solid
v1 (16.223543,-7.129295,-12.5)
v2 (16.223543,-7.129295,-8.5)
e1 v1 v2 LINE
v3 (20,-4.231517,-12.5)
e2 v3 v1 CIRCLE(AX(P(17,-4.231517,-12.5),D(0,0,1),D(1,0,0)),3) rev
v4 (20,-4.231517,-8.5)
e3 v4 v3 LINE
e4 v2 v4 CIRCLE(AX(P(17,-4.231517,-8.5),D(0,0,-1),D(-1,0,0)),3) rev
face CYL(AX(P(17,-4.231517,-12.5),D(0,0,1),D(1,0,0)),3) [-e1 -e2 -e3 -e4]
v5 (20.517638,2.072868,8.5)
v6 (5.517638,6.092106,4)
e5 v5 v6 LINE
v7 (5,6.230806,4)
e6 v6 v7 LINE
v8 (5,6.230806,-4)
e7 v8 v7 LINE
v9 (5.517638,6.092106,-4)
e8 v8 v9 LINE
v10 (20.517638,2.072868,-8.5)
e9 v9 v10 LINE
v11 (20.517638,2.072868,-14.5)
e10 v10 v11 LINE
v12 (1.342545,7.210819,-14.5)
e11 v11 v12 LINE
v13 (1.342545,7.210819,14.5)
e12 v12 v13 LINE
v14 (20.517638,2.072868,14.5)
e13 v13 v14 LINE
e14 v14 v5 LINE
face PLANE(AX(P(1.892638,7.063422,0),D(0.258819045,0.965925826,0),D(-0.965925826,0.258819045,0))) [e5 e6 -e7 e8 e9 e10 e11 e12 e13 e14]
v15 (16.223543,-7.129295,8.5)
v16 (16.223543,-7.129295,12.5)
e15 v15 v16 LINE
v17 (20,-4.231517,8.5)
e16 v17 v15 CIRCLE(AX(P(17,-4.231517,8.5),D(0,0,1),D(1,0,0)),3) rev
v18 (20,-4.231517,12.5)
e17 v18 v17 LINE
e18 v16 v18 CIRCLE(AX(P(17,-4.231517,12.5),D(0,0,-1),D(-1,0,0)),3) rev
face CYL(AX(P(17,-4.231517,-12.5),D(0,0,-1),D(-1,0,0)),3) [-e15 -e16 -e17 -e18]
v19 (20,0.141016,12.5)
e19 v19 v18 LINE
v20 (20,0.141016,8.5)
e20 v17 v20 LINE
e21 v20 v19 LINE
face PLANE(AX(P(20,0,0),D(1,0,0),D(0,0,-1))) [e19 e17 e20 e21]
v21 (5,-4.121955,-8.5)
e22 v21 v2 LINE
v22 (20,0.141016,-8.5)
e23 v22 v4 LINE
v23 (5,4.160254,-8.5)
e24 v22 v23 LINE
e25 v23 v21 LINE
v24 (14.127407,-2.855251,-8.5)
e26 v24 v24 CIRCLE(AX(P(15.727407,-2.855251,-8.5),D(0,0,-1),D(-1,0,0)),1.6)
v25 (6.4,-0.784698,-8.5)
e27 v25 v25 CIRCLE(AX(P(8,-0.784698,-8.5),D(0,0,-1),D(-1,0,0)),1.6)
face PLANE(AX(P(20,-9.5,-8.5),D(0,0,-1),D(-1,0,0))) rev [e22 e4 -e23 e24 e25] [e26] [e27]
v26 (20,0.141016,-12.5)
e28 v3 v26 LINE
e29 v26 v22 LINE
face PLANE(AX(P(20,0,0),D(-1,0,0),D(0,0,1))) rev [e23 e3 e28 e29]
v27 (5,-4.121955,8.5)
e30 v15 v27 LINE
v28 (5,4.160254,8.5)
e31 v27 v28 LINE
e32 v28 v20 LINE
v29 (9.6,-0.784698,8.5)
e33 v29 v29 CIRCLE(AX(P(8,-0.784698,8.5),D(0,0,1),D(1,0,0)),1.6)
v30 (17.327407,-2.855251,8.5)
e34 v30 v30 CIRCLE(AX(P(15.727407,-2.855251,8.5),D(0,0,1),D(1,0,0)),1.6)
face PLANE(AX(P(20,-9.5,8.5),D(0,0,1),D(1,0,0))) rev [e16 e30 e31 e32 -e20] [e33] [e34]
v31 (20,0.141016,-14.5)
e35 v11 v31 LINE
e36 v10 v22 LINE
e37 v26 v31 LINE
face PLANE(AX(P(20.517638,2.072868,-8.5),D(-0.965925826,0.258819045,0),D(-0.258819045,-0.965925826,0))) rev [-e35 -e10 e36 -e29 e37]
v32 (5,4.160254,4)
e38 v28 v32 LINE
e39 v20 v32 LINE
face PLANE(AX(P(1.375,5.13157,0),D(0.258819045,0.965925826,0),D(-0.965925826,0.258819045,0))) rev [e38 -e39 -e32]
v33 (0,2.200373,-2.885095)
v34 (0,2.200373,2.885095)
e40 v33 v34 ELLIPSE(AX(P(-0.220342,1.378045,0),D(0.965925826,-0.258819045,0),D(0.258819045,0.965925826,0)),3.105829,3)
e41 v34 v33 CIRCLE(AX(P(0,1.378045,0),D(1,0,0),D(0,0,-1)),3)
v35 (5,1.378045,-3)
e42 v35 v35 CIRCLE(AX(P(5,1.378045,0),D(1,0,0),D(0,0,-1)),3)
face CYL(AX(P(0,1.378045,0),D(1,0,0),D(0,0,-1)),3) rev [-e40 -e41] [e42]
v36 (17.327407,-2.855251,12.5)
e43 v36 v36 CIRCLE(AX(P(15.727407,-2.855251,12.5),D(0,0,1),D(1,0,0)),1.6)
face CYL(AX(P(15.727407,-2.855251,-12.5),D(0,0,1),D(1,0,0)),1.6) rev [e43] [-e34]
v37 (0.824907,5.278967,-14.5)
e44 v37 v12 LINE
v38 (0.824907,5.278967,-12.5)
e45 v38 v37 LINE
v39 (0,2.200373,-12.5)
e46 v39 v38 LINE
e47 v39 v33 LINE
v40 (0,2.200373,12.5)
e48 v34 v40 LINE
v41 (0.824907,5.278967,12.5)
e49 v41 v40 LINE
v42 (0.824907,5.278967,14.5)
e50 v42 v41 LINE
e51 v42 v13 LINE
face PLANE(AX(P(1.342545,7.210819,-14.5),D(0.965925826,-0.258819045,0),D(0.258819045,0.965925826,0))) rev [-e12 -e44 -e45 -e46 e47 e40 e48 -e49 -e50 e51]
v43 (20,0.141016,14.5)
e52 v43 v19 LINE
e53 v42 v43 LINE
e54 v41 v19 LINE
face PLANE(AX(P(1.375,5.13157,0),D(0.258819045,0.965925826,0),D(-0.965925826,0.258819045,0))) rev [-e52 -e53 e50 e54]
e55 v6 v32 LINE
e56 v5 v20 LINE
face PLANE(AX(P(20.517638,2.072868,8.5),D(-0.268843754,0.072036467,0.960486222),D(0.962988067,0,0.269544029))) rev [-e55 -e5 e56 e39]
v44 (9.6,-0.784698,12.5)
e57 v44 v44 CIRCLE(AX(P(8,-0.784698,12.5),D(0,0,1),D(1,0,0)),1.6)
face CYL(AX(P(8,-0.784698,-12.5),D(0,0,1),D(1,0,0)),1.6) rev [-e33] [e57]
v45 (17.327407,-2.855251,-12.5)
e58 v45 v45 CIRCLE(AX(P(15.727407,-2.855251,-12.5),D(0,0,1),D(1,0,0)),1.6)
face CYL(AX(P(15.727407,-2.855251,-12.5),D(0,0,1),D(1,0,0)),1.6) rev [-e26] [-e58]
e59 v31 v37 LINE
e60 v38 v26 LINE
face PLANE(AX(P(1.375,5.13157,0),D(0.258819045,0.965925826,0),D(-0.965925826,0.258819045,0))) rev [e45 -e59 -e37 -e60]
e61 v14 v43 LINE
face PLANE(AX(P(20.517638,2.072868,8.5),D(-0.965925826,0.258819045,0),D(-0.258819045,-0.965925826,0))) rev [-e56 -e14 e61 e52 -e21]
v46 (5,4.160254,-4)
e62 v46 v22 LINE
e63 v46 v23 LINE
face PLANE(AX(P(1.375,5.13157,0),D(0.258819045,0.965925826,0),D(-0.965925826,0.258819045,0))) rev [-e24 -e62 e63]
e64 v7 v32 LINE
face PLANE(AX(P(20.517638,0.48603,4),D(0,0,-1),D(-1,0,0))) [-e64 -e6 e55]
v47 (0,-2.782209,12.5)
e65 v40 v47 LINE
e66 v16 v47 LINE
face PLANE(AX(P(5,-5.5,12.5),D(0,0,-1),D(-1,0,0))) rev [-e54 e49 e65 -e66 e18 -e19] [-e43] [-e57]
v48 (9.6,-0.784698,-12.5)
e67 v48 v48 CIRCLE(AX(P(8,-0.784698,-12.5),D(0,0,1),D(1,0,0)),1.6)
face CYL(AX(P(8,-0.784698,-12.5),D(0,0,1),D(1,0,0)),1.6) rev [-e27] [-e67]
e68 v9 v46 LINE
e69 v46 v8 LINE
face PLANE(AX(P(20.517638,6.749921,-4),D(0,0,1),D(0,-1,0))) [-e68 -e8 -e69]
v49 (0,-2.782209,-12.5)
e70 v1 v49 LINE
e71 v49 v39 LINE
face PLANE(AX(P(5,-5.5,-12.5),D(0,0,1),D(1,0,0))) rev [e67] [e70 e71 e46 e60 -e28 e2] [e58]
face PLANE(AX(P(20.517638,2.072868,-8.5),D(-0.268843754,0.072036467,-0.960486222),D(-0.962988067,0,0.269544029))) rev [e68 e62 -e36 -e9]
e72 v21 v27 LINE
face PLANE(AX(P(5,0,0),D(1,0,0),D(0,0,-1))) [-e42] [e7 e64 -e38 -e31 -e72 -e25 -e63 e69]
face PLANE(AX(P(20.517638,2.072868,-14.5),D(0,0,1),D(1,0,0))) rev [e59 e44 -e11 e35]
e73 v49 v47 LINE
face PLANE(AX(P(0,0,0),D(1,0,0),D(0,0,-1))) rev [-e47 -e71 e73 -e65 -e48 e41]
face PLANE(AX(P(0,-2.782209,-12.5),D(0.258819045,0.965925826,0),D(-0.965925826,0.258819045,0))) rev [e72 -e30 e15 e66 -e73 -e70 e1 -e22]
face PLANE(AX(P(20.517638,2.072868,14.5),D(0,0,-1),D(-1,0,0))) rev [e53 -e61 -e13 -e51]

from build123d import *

# Parameters (mm, degrees)
SKETCH_1_W          = 25
SKETCH_1_H          = 11
EXTRUDE_1_DEPTH     = 5
SKETCH_2_W          = 4
SKETCH_2_H          = 15
EXTRUDE_2_DEPTH     = 15
SKETCH_4_R          = 1.6
CUT_EXTRUDE_1_DEPTH = 34.395358959
EXTRUDE_3_DEPTH     = 2
CUT_EXTRUDE_2_DEPTH = 37.4451986
SKETCH_8_R          = 3
CUT_EXTRUDE_3_DEPTH = 23.744804244
SKETCH_9_W          = 8
SKETCH_9_H          = 6.263890715
CUT_EXTRUDE_4_DEPTH = 23.744804244
FILLET_1_R          = 3


with BuildPart() as part:
    # 草图1 → 凸台-拉伸1 (new body)
    with BuildSketch(Plane(origin=(0, 0, 0), x_dir=(0, 0, -1), z_dir=(1, 0, 0))):
        Rectangle(SKETCH_1_W, SKETCH_1_H)
    extrude(amount=EXTRUDE_1_DEPTH)

    # 草图2 → 凸台-拉伸2 (add)
    with BuildSketch(Plane(origin=(5, 0, 0), x_dir=(0, 0, -1), z_dir=(1, 0, 0))):
        with Locations((-10.5, -2)):
            Rectangle(SKETCH_2_W, SKETCH_2_H)
        with Locations((10.5, -2)):
            Rectangle(SKETCH_2_W, SKETCH_2_H)
    extrude(amount=EXTRUDE_2_DEPTH)

    # 草图4 → 切除-拉伸1 (cut, through all)
    with BuildSketch(Plane.XY.offset(12.5)):
        with Locations((15.72740661, -2.855250622)):
            Circle(SKETCH_4_R)
        with Locations((8, -0.784698261)):
            Circle(SKETCH_4_R)
        Polygon((0, 5.5), (20, 0.141016151), (20, 5.5), align=None)
        Polygon((0, -2.782209443), (20, -8.141193292), (20, -9.5), (0, -9.5), align=None)
    extrude(amount=-CUT_EXTRUDE_1_DEPTH, mode=Mode.SUBTRACT)

    # 草图6 → 凸台-拉伸3 (add)
    with BuildSketch(Plane(origin=(1.375, 5.13156986, 0), x_dir=(0.96592582628907, -0.25881904510251436, 0), z_dir=(0.25881904510251436, 0.96592582628907, 0))):
        Polygon((19.28201886, 8.5), (19.28201886, 14.5), (-1.423504748, 14.5), (-1.423504748, -14.5), (19.28201886, -14.5), (19.28201886, -8.5), (3.752876154, -4), (3.752876154, 4), align=None)
    extrude(amount=EXTRUDE_3_DEPTH)

    # 草图7 → 切除-拉伸2 (cut, through all)
    with BuildSketch(Plane.XY.offset(14.5)):
        Polygon((1.342544747, 7.21081858), (0, 2.200373372), (-7.179719812, 0.653741147), (-4.482102144, 8.771528011), align=None)
    extrude(amount=-CUT_EXTRUDE_2_DEPTH, mode=Mode.SUBTRACT)

    # 草图8 → 切除-拉伸3 (cut, through all)
    with BuildSketch(Plane(origin=(5, 0, 0), x_dir=(0, 0, -1), z_dir=(1, 0, 0))):
        with Locations(Location((0, 1.378044595, 0), (0, 0, 15.908958728))):
            Circle(SKETCH_8_R)
    extrude(amount=-CUT_EXTRUDE_3_DEPTH, mode=Mode.SUBTRACT)

    # 草图9 → 切除-拉伸4 (cut, through all)
    with BuildSketch(Plane(origin=(5, 0, 0), x_dir=(0, 0, -1), z_dir=(1, 0, 0))):
        with Locations((0, 3.617975326)):
            Rectangle(SKETCH_9_W, SKETCH_9_H)
    extrude(amount=CUT_EXTRUDE_4_DEPTH, mode=Mode.SUBTRACT)

    # 圆角1
    fillet_1_edges = [part.edges().sort_by_distance(p)[0] for p in [
        (20, -8.141193292, 10.5),
        (20, -8.141193292, -10.5),
    ]]
    fillet(fillet_1_edges, radius=FILLET_1_R)


solid = part.part
